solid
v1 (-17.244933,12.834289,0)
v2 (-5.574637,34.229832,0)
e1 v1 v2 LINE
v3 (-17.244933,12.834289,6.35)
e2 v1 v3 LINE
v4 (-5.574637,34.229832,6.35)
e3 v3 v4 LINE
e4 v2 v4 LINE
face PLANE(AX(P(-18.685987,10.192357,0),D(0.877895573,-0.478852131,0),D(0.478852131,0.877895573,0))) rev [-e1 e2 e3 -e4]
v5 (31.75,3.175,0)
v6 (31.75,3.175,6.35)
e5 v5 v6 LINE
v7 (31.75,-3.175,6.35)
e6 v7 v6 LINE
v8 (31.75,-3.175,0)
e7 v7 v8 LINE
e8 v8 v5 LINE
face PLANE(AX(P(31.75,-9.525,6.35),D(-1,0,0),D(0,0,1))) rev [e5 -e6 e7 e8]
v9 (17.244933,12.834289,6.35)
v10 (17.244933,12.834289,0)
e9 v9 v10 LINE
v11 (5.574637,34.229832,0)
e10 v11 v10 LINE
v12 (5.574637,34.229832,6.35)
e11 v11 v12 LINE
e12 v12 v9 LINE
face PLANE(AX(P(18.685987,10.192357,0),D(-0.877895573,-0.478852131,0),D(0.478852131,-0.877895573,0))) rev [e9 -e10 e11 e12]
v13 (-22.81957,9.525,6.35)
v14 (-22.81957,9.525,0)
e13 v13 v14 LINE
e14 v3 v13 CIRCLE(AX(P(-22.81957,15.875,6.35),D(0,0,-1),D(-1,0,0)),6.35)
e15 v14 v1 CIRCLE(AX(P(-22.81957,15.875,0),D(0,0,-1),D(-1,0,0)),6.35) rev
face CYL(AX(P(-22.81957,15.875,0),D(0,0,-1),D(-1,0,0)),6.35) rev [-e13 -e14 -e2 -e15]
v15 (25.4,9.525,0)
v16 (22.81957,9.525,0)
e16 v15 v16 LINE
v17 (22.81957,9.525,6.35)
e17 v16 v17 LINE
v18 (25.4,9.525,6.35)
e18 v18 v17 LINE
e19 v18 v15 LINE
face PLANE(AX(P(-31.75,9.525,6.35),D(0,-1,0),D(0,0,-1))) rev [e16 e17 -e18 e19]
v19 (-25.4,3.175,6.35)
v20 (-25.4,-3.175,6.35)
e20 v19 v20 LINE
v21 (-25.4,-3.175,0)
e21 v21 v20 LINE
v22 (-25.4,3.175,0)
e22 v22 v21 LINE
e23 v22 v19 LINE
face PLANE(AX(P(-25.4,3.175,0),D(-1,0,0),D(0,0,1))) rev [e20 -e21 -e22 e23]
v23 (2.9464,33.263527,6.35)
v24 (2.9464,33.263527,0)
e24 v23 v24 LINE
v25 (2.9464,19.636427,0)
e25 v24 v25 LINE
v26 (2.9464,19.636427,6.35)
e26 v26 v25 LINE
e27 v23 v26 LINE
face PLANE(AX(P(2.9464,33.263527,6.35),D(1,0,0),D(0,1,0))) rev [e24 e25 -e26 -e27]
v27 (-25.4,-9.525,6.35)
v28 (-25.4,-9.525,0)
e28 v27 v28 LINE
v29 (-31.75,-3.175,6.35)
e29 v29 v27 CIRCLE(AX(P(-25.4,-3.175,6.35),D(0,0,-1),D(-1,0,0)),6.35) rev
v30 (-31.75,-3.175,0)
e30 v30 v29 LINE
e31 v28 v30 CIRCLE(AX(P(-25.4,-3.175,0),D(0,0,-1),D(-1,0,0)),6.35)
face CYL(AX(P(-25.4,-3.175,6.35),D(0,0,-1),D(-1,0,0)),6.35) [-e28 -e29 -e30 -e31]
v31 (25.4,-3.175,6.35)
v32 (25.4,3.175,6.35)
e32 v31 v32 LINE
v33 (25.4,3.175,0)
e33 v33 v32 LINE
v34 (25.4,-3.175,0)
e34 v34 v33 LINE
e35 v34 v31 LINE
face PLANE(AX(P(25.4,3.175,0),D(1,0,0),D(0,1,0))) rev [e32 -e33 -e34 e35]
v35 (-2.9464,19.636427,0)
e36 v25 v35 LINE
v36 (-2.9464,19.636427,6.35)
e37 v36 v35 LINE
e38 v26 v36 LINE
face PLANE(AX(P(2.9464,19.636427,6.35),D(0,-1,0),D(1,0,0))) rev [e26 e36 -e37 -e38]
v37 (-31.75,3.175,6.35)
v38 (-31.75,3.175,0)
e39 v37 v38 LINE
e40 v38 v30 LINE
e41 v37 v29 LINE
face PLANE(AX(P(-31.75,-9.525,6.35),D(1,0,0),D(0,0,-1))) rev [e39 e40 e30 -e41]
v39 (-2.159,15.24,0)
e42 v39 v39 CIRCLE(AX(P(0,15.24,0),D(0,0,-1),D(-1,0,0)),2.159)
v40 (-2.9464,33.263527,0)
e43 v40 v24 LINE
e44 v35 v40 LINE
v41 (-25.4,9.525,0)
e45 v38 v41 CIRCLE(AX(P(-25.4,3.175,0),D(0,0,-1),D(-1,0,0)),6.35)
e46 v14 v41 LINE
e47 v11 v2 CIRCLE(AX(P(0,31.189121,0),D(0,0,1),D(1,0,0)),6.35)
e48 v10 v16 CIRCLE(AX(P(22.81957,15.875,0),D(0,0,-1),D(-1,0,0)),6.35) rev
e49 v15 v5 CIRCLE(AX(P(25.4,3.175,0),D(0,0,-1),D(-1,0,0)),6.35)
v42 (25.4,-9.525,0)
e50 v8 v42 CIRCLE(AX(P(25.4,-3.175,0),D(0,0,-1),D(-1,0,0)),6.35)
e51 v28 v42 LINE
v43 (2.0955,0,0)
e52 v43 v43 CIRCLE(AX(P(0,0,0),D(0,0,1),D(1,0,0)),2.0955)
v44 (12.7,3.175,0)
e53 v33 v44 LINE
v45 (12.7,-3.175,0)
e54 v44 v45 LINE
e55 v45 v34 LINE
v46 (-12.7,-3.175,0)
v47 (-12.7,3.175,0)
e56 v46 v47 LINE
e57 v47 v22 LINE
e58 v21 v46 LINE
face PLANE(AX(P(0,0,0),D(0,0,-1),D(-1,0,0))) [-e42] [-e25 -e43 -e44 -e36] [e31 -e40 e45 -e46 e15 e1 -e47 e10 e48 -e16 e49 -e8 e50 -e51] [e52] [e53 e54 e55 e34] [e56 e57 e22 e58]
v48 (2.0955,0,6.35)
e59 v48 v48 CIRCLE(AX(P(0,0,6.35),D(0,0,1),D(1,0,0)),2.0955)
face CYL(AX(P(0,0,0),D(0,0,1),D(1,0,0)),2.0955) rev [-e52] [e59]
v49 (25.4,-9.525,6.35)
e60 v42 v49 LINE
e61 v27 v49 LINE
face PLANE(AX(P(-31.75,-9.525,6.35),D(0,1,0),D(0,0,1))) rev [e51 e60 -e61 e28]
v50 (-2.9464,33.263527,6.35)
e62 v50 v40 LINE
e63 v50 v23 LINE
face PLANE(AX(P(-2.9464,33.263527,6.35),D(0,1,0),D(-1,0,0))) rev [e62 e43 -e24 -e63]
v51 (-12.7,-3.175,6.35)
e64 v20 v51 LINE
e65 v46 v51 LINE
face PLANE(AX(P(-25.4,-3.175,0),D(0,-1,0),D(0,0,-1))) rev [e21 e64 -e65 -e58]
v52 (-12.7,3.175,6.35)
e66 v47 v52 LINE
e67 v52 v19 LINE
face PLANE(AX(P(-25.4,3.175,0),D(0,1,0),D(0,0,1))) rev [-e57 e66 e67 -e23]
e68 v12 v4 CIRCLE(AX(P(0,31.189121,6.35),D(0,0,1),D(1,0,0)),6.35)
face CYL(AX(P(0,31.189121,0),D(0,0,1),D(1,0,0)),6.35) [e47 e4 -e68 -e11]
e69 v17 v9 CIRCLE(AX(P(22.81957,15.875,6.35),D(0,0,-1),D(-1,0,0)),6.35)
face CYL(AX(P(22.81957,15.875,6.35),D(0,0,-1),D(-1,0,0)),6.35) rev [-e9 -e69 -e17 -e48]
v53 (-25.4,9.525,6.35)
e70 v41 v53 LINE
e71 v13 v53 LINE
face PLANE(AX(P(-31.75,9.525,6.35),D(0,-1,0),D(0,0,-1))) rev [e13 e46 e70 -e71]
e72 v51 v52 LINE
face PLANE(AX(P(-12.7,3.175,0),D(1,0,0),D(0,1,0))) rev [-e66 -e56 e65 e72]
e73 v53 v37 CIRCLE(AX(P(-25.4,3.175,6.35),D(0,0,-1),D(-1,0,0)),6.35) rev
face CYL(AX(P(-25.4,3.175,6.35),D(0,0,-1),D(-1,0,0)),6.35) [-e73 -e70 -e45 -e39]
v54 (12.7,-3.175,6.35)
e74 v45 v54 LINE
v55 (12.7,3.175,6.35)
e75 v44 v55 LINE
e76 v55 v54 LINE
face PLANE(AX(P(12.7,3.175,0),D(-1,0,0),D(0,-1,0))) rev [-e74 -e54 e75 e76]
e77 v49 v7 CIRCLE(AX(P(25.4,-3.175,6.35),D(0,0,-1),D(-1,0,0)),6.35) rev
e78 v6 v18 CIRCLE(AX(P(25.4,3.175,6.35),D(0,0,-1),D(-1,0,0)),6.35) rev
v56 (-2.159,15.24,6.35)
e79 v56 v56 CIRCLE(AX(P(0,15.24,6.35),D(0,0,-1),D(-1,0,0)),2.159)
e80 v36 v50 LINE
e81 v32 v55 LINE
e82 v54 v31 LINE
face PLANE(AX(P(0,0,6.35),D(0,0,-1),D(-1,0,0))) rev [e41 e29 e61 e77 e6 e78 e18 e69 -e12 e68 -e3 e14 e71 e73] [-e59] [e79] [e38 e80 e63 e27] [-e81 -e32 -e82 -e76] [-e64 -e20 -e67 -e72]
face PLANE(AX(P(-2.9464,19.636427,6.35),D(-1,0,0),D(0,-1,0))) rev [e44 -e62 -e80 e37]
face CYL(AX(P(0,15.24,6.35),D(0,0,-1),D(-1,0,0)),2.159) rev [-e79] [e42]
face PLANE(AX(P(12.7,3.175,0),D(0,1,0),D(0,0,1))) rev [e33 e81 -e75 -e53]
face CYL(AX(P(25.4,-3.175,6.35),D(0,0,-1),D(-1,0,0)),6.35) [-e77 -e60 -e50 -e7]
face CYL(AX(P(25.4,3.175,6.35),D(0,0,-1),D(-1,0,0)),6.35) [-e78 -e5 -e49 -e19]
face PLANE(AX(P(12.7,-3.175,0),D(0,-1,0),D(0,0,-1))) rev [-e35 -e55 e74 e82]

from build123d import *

# Parameters (mm, degrees)
SKETCH1_W           = 63.5
SKETCH1_H           = 19.05
BOSS_EXTRUDE1_DEPTH = 6.35
SKETCH2_R           = 2.0955
SKETCH2_W           = 12.7
SKETCH2_H           = 6.35
CUT_EXTRUDE1_DEPTH  = 6.35
BOSS_EXTRUDE2_DEPTH = 6.35
SKETCH4_R           = 2.159
SKETCH4_W           = 5.8928
SKETCH4_H           = 13.6271
CUT_EXTRUDE3_DEPTH  = 6.35
FILLET1_R           = 6.35


with BuildPart() as part:
    # Sketch1 → Boss-Extrude1 (new body)
    with BuildSketch(Plane.XY):
        Rectangle(SKETCH1_W, SKETCH1_H)
    extrude(amount=BOSS_EXTRUDE1_DEPTH)

    # Sketch2 → Cut-Extrude1 (cut)
    with BuildSketch(Plane.XY.offset(6.35)):
        Circle(SKETCH2_R)
        with Locations((-19.05, 0)):
            Rectangle(SKETCH2_W, SKETCH2_H)
        with Locations((19.05, 0)):
            Rectangle(SKETCH2_W, SKETCH2_H)
    extrude(amount=-CUT_EXTRUDE1_DEPTH, mode=Mode.SUBTRACT)

    # Sketch3 → Boss-Extrude2 (add)
    with BuildSketch(Plane.XY.offset(6.35)):
        with BuildLine():
            Line((-19.05, 9.525), (0, 9.525))
            Line((0, 9.525), (0, 24.839121342))
            ThreePointArc((0, 24.839121342), (-5.460357863, 27.947672283), (-5.574636807, 34.229832521))
            Line((-5.574636807, 34.229832521), (-19.05, 9.525))
        make_face()
        with BuildLine():
            ThreePointArc((-5.574636807, 34.229832521), (-5.460357863, 27.947672283), (0, 24.839121342))
            Line((0, 24.839121342), (0, 37.539121342))
            ThreePointArc((0, 37.539121342), (-3.24144906, 36.649479205), (-5.574636807, 34.229832521))
        make_face()
        with BuildLine():
            Line((0, 37.539121342), (0, 24.839121342))
            ThreePointArc((0, 24.839121342), (4.490128061, 26.698993282), (6.35, 31.189121342))
            ThreePointArc((6.35, 31.189121342), (6.15310672, 32.758126662), (5.574636947, 34.229832265))
            ThreePointArc((5.574636947, 34.229832265), (3.241449185, 36.649479131), (0, 37.539121342))
        make_face()
        with BuildLine():
            Line((0, 24.839121342), (0, 9.525))
            Line((0, 9.525), (19.05, 9.525))
            Line((19.05, 9.525), (5.574636947, 34.229832265))
            ThreePointArc((5.574636947, 34.229832265), (6.15310672, 32.758126662), (6.35, 31.189121342))
            ThreePointArc((6.35, 31.189121342), (4.490128061, 26.698993282), (0, 24.839121342))
        make_face()
    extrude(amount=-BOSS_EXTRUDE2_DEPTH)

    # Sketch4 → Cut-Extrude3 (cut)
    with BuildSketch(Plane(origin=(0, 0, 0), x_dir=(-1, 0, 0), z_dir=(0, 0, -1))):
        with Locations((0, 15.24)):
            Circle(SKETCH4_R)
        with Locations((0, 26.449976884)):
            Rectangle(SKETCH4_W, SKETCH4_H)
    extrude(amount=-CUT_EXTRUDE3_DEPTH, mode=Mode.SUBTRACT)

    # Fillet1
    fillet1_edges = [part.edges().sort_by_distance(p)[0] for p in [
        (31.75, -9.525, 3.175),
        (31.75, 9.525, 3.175),
        (19.05, 9.525, 3.175),
        (-31.75, -9.525, 3.175),
        (-31.75, 9.525, 3.175),
        (-19.05, 9.525, 3.175),
    ]]
    fillet(fillet1_edges, radius=FILLET1_R)


solid = part.part
